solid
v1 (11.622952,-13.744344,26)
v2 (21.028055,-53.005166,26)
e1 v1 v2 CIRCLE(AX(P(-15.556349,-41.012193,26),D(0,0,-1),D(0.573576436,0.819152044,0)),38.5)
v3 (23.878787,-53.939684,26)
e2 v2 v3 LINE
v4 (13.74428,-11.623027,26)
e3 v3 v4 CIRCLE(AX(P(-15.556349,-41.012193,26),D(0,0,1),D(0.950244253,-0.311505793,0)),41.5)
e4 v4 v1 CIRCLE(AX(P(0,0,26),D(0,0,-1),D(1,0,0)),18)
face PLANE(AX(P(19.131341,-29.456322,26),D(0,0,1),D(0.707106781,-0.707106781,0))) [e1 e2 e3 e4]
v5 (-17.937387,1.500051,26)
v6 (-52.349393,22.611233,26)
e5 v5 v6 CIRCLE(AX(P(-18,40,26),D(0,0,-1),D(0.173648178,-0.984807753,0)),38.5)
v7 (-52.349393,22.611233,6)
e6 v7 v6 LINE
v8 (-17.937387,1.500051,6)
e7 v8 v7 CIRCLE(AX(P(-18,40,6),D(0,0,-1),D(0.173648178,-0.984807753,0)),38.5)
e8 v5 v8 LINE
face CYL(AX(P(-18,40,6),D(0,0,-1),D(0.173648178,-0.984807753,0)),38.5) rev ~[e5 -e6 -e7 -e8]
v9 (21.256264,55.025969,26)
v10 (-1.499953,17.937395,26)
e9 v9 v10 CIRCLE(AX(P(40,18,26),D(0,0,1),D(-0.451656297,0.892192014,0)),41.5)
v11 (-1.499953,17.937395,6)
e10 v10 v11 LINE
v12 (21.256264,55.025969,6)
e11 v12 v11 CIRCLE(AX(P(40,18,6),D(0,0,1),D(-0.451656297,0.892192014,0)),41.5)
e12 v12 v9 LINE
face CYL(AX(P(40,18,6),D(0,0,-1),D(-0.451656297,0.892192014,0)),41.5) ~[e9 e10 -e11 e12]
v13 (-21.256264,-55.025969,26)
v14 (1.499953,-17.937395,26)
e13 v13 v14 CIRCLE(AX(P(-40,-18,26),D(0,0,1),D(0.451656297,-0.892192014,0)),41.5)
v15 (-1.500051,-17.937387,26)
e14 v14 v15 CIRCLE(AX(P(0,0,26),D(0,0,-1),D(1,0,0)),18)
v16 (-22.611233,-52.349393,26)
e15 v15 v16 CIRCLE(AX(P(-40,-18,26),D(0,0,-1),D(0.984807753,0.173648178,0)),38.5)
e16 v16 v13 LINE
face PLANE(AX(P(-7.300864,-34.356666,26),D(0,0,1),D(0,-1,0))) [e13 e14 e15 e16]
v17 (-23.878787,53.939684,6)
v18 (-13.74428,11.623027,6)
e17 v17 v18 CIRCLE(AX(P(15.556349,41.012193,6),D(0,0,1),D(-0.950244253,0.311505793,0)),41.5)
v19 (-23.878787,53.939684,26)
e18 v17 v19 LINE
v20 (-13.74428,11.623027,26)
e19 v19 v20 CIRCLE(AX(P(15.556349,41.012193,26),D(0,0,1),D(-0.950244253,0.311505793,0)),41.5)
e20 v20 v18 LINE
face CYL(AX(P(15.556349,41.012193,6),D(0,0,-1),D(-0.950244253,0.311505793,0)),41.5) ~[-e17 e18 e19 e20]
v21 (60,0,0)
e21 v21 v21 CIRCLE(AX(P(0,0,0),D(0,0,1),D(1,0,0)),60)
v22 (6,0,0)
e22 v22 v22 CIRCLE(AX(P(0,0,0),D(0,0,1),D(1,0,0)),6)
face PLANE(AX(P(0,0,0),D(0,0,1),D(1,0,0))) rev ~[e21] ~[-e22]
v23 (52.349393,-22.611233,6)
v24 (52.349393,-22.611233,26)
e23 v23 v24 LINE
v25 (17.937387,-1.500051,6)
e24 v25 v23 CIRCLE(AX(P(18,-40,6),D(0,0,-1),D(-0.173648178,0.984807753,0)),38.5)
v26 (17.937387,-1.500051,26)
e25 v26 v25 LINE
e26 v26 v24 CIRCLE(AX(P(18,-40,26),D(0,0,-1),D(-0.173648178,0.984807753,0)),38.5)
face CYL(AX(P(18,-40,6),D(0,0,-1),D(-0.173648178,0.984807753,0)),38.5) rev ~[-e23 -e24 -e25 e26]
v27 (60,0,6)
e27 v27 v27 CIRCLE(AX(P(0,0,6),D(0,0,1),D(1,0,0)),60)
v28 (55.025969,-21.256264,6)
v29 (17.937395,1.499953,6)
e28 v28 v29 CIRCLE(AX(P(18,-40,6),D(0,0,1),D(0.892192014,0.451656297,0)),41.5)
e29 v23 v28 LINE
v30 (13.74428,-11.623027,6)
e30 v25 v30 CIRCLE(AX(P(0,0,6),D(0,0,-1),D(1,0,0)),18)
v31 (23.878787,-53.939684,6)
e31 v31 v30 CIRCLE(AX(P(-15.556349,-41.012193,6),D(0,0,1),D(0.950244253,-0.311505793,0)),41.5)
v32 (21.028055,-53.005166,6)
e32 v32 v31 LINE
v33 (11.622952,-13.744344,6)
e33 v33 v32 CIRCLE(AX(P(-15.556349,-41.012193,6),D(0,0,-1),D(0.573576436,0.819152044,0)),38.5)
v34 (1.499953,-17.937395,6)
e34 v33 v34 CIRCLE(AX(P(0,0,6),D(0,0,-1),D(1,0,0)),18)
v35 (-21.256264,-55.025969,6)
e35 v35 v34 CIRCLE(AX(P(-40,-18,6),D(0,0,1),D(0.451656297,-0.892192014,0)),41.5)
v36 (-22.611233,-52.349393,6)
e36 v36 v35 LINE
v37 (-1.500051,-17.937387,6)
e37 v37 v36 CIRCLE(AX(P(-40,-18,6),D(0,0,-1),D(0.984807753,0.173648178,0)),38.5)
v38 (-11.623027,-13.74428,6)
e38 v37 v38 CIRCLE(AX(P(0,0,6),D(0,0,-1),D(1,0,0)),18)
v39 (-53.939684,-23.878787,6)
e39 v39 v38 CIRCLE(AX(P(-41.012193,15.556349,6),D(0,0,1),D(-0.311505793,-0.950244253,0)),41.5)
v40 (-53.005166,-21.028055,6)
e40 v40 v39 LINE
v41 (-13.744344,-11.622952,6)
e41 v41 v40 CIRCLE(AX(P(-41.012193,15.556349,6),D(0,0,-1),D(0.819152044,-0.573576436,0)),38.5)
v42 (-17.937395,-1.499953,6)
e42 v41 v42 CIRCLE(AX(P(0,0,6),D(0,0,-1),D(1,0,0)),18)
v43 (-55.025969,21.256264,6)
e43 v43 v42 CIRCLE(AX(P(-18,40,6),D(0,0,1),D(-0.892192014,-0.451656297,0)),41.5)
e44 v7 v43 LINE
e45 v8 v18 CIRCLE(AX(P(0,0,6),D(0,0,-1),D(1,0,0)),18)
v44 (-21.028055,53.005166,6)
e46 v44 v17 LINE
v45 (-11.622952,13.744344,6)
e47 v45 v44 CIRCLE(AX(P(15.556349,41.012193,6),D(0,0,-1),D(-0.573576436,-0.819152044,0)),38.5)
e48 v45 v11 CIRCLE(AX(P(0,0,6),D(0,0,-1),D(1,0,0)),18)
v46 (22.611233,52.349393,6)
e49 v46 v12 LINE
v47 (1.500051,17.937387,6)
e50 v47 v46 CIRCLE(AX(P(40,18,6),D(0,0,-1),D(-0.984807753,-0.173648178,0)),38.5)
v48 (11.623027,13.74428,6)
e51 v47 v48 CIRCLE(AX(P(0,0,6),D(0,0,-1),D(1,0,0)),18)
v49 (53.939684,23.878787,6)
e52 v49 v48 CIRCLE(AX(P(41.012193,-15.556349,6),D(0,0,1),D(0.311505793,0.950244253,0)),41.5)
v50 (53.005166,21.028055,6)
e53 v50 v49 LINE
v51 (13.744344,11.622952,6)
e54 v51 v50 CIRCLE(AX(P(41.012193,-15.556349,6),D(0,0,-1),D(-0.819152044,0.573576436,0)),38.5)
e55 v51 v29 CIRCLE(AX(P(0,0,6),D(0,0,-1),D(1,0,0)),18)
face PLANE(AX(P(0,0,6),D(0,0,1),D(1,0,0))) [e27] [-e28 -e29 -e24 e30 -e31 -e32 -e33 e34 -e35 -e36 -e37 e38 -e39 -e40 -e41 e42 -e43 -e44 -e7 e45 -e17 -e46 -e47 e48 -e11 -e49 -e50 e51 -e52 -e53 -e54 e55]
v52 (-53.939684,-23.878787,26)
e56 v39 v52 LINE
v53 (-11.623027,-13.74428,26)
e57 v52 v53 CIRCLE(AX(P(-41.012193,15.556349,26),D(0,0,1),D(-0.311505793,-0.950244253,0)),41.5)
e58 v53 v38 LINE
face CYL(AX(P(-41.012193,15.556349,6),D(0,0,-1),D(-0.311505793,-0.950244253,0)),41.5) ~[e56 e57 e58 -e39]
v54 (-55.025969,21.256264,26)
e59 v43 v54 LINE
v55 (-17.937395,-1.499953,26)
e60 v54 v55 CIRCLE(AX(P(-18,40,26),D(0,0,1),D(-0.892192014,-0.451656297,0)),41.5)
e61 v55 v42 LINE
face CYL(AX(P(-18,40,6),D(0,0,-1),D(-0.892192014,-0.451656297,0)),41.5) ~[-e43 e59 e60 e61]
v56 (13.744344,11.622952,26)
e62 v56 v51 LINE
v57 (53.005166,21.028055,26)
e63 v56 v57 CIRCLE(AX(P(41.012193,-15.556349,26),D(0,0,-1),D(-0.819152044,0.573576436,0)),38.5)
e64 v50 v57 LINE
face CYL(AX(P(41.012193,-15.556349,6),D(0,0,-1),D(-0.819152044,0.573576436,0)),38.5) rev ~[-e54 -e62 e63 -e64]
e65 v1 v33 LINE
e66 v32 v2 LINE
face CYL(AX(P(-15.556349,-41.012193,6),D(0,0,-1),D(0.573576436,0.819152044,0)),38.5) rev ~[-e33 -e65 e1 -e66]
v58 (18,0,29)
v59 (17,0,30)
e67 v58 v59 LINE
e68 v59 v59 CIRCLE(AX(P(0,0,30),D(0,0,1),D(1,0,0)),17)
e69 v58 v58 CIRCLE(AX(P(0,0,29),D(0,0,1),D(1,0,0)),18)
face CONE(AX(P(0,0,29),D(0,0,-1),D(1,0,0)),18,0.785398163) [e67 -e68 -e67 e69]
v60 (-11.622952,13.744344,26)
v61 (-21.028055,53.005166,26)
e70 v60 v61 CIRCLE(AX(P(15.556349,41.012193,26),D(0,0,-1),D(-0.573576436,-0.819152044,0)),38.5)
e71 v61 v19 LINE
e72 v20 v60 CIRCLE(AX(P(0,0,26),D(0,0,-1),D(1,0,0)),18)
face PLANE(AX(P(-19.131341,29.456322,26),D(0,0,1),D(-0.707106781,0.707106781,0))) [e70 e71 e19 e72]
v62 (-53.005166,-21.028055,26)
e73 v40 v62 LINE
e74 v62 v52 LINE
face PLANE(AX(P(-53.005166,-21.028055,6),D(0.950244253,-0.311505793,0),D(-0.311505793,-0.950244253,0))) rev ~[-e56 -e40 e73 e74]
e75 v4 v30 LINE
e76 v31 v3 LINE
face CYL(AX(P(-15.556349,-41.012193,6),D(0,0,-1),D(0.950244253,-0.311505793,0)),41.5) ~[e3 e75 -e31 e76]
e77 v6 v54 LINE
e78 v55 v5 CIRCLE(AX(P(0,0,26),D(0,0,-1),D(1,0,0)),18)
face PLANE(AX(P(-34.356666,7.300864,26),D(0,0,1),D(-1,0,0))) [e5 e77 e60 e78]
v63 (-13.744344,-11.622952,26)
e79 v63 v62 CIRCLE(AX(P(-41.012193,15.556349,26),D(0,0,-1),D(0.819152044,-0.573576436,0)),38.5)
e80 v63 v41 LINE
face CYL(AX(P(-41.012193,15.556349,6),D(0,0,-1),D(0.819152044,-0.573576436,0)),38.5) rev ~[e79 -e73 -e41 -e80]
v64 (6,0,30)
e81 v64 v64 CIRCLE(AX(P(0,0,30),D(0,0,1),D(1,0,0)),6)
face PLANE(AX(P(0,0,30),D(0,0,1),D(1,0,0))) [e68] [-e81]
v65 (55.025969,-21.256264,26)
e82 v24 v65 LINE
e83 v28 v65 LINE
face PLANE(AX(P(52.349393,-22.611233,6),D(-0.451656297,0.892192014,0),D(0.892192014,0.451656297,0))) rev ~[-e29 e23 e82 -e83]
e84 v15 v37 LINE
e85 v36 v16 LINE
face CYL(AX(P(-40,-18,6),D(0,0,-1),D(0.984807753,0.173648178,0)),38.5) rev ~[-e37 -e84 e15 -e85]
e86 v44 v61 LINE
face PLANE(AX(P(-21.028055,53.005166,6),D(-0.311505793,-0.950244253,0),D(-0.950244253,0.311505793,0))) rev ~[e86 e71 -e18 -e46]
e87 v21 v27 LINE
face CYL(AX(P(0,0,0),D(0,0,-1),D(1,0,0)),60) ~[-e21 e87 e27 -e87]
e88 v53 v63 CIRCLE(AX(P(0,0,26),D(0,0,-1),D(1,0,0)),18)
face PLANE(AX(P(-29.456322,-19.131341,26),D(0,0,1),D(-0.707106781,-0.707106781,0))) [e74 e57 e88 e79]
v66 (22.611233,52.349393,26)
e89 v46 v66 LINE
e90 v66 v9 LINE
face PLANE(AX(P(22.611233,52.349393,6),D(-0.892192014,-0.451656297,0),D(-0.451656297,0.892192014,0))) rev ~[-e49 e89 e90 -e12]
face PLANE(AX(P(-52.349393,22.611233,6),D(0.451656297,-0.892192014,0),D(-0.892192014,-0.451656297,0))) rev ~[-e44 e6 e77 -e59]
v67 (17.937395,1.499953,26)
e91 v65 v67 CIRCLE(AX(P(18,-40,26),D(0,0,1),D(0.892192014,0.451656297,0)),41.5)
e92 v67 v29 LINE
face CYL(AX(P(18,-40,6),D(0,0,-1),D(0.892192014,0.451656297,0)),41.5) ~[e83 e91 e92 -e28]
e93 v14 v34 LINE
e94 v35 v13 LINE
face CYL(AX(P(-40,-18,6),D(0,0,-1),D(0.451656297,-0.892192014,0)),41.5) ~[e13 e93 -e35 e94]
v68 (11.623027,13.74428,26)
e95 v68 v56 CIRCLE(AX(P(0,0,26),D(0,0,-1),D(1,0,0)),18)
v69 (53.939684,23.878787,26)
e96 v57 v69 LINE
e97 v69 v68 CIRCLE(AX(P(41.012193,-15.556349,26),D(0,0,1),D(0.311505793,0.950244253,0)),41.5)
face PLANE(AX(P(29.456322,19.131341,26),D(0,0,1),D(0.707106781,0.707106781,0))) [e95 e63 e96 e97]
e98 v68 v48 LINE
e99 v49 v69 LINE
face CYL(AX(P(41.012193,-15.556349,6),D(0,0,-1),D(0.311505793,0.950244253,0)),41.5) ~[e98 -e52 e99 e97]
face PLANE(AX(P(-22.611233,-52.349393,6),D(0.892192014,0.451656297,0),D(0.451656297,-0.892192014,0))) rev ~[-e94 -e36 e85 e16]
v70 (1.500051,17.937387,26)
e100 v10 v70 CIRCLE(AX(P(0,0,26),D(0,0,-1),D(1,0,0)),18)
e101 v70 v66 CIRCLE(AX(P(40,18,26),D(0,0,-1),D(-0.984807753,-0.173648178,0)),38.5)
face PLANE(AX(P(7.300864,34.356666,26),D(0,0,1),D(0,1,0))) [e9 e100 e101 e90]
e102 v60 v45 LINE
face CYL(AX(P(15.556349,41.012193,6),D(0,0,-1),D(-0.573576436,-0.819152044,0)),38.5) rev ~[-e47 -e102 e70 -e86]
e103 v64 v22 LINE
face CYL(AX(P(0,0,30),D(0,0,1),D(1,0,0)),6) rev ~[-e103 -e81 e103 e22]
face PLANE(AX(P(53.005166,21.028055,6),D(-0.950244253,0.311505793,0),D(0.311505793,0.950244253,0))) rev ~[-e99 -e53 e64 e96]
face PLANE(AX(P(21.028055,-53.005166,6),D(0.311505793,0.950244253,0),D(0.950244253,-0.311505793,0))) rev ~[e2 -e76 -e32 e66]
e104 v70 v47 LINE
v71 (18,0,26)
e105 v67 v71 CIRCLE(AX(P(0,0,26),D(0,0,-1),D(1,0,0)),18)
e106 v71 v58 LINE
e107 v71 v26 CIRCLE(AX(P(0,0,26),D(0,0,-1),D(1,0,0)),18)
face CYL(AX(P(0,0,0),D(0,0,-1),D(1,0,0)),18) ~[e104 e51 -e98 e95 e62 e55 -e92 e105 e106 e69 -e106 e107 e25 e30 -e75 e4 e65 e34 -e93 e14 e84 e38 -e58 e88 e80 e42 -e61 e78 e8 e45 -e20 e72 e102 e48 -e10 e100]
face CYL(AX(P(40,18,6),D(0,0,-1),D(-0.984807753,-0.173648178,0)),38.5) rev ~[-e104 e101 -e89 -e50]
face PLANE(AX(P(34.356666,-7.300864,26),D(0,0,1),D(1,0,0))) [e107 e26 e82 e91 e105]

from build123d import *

# Parameters (mm, degrees)
SKETCH_1_R               = 60
EXTRUDE_1_DEPTH          = 6
SKETCH_2_R               = 18
EXTRUDE_2_DEPTH          = 30
EXTRUDE_3_DEPTH          = 20
PATTERN_CIRCULAR_1_COUNT = 8
SKETCH_4_R               = 6
CUT_EXTRUDE_1_DEPTH      = 91
CHAMFER_1_SIZE           = 1


with BuildPart() as part:
    # 草图1 → 凸台-拉伸1 (new body)
    with BuildSketch(Plane.XY):
        Circle(SKETCH_1_R)
    extrude(amount=EXTRUDE_1_DEPTH)

    # 草图2 → 凸台-拉伸2 (add)
    with BuildSketch(Plane.XY):
        Circle(SKETCH_2_R)
    extrude(amount=EXTRUDE_2_DEPTH)

    # 草图3 → 凸台-拉伸3 (add)
    with BuildSketch(Plane.XY.offset(6)):
        with BuildLine():
            Line((10.793600627, 0.86952175), (11.31454516, -2.084901509))
            ThreePointArc((11.31454516, -2.084901509), (35.223702528, -5.567543346), (52.349392529, -22.611232566))
            Line((52.349392529, -22.611232566), (55.025968571, -21.256263675))
            ThreePointArc((55.025968571, -21.256263675), (36.565809219, -2.884494776), (10.793600627, 0.86952175))
        make_face()
    extrude_3 = extrude(amount=EXTRUDE_3_DEPTH)

    # 阵列(圆周)1: 凸台-拉伸3 ×8 about axis
    pattern_circular_1_axis = Axis((0, 0, 31.5), (0, 0, -1))
    for i in range(1, PATTERN_CIRCULAR_1_COUNT):
        add(extrude_3.rotate(pattern_circular_1_axis, i * 360 / PATTERN_CIRCULAR_1_COUNT))

    # 草图4 → 切除-拉伸1 (cut, through all)
    with BuildSketch(Plane.XY.offset(30)):
        Circle(SKETCH_4_R)
    extrude(amount=-CUT_EXTRUDE_1_DEPTH, mode=Mode.SUBTRACT)

    # 倒角1
    chamfer_1_edges = [part.edges().sort_by_distance(p)[0] for p in [
        (-18, 0, 30),
    ]]
    chamfer(chamfer_1_edges, length=CHAMFER_1_SIZE)


solid = part.part
